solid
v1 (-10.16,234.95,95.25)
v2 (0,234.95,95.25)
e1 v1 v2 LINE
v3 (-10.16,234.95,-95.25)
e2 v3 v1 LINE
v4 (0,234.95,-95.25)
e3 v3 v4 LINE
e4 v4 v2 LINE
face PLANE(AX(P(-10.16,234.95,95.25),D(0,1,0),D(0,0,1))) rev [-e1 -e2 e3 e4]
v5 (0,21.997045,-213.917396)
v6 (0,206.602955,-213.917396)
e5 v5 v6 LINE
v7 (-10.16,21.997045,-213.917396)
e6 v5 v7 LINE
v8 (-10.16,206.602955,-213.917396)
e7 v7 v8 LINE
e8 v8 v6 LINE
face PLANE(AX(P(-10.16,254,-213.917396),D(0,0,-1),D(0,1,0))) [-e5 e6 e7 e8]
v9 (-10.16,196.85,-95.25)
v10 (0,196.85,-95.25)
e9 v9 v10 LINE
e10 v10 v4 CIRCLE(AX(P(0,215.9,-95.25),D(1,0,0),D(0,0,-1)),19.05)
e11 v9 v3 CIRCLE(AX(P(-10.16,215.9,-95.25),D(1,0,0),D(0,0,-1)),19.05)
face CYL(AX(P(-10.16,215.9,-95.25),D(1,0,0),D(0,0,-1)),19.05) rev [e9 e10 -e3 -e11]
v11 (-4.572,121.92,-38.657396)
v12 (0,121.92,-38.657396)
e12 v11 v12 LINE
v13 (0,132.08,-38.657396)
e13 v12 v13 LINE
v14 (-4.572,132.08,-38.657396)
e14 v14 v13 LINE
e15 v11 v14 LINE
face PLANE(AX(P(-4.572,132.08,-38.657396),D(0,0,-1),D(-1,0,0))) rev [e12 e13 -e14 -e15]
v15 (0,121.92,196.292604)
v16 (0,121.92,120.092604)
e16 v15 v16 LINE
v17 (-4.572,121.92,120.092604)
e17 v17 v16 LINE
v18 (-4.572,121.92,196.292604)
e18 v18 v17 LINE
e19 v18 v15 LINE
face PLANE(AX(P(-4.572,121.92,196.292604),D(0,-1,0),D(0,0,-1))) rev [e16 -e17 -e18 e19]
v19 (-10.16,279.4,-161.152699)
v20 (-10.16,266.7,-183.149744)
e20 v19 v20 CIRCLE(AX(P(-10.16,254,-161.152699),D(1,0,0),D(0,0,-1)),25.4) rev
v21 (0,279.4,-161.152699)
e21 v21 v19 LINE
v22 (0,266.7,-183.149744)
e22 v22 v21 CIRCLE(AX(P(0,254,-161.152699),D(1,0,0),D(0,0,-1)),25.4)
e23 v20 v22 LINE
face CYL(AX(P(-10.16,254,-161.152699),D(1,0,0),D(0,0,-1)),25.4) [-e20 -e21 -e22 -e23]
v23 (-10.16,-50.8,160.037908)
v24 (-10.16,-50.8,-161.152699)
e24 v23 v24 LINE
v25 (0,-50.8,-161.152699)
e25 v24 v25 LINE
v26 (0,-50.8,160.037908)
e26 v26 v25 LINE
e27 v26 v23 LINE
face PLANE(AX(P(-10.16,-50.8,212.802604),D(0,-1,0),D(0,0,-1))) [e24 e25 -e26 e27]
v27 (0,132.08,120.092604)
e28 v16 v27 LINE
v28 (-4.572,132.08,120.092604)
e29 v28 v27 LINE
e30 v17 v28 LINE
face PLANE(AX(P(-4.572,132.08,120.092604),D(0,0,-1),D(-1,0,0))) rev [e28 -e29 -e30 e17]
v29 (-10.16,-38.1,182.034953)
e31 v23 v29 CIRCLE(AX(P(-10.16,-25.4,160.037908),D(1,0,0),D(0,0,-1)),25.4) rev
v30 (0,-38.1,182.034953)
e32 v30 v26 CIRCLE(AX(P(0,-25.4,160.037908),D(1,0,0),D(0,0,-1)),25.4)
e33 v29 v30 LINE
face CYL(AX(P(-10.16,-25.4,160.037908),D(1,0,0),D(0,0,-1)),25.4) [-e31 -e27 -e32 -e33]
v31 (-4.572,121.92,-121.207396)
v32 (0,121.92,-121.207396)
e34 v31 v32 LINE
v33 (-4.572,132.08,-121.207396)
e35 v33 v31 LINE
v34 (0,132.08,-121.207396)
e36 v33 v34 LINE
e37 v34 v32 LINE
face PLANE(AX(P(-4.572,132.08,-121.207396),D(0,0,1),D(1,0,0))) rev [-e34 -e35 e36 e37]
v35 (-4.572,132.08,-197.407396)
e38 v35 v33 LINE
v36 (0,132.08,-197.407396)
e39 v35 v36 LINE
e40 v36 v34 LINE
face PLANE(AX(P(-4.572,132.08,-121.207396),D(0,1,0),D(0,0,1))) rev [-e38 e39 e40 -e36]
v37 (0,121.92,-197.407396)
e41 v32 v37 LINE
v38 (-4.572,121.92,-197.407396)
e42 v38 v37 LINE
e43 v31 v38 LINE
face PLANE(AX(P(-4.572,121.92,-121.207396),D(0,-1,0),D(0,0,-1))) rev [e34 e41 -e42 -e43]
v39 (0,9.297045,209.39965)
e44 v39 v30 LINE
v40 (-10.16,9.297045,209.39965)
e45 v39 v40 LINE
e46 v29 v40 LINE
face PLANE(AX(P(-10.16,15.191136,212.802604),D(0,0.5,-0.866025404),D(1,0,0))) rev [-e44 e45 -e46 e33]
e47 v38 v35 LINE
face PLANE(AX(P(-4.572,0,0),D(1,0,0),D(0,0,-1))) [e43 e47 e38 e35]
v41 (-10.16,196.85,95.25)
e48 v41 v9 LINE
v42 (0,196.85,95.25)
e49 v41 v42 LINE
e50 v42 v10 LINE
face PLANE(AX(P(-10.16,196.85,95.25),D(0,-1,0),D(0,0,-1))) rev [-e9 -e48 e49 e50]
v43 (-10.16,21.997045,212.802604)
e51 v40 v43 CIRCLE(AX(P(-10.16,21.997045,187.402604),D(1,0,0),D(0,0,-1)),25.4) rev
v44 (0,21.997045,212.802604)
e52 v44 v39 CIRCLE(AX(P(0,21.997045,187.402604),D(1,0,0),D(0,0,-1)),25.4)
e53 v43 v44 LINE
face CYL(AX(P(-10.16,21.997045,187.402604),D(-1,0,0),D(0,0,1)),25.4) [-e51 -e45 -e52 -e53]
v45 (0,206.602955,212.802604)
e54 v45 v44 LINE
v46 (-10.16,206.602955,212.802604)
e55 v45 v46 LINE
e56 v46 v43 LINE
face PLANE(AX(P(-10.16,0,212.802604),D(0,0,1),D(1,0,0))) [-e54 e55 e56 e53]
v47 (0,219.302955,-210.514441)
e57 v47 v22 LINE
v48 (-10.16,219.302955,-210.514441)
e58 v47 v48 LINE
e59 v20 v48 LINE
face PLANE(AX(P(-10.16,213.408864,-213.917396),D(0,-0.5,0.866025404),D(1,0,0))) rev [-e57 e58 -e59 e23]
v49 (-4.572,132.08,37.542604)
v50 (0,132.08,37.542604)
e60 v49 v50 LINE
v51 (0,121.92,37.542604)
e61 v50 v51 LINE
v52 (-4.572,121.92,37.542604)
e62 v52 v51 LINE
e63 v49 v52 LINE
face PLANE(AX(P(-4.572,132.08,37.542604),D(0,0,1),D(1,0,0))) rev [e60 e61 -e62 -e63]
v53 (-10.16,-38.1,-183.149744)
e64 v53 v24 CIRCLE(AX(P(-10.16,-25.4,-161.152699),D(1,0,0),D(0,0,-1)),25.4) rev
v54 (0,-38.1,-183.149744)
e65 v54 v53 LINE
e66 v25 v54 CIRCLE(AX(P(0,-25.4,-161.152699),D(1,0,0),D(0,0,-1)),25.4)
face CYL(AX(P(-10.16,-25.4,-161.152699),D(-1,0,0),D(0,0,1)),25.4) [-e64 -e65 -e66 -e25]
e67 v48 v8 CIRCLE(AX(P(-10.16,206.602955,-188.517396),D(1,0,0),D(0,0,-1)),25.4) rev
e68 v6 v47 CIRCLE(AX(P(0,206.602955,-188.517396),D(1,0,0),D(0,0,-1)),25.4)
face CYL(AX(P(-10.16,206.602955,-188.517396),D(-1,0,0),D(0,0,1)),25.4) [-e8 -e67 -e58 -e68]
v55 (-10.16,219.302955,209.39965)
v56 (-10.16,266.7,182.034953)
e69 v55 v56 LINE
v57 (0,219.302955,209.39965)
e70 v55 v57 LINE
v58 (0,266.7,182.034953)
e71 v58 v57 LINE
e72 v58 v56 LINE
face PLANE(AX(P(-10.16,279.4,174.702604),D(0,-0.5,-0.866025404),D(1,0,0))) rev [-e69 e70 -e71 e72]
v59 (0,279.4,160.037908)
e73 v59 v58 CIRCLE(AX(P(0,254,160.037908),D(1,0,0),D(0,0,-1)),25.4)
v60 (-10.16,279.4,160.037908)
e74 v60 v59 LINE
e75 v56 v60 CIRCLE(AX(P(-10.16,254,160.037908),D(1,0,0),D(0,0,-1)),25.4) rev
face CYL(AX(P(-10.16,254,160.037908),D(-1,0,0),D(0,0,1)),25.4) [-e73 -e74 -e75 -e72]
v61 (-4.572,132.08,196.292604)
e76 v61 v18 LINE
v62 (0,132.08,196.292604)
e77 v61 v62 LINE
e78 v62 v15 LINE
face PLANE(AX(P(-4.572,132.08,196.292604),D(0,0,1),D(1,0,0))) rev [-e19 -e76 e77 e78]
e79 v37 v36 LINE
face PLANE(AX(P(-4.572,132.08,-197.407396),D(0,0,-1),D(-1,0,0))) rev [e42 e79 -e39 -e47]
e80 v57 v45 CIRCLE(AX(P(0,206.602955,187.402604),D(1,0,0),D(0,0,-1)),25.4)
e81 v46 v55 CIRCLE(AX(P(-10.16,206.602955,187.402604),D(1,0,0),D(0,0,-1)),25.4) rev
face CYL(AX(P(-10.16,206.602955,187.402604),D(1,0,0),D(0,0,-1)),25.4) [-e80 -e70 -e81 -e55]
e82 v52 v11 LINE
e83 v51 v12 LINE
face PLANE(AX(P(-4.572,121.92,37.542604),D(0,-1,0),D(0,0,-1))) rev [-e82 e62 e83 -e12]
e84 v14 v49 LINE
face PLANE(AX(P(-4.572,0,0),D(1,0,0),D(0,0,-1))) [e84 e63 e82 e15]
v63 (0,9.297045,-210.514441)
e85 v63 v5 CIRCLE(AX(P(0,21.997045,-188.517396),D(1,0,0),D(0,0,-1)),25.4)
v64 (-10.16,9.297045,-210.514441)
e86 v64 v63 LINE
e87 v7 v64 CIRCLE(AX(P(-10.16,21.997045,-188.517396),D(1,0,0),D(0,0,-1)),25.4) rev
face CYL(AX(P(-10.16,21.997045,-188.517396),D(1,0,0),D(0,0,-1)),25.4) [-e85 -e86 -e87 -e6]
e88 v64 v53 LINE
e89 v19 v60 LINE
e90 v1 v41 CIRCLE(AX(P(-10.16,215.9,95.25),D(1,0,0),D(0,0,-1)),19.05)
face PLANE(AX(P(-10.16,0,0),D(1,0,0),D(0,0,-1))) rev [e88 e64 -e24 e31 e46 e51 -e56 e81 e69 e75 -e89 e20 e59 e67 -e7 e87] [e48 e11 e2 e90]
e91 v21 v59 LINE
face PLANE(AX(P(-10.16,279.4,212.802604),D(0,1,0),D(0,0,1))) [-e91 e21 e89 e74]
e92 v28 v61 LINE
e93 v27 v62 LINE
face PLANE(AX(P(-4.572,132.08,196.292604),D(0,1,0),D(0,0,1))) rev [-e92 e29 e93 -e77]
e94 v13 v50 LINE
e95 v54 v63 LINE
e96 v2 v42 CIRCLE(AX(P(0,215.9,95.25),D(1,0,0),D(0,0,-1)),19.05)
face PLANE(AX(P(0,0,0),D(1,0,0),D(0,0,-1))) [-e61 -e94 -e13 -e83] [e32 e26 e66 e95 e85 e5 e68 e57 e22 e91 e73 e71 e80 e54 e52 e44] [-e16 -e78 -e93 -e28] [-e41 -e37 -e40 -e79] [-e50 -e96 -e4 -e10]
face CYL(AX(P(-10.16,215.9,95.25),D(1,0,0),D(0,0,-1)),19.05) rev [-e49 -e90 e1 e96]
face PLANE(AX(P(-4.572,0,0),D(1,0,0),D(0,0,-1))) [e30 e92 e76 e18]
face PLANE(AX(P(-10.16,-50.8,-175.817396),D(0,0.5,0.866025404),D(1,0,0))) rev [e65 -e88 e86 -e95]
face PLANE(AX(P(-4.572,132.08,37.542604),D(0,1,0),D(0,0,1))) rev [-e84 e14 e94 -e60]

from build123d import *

# Parameters (mm, degrees)
BOSS_EXTRUDE1_DEPTH   = 10.16
SKETCH2_W             = 76.2
SKETCH2_H             = 10.16
CUT_EXTRUDE1_DEPTH    = 4.572
CHAMFER1_SIZE         = 38.1
CHAMFER1_SIZE2        = 65.991135768
CHAMFER1_PART_2_SIZE  = 38.1
CHAMFER1_PART_2_SIZE2 = 65.991135768
FILLET1_R             = 25.4


with BuildPart() as part:
    # Sketch1 → Boss-Extrude1 (new body)
    with BuildSketch(Plane(origin=(0, 0, 0), x_dir=(0, 0, -1), z_dir=(1, 0, 0))):
        Polygon((-212.802604436, 0), (-212.802604436, 254), (-212.802604436, 279.4), (213.917395564, 279.4), (213.917395564, 254), (213.917395564, 0), (213.917395564, -50.8), (-212.802604436, -50.8), align=None)
        with BuildLine():
            Line((-95.25, 234.95), (95.25, 234.95))
            ThreePointArc((95.25, 234.95), (114.3, 215.9), (95.25, 196.85))
            Line((95.25, 196.85), (-95.25, 196.85))
            ThreePointArc((-95.25, 196.85), (-114.3, 215.9), (-95.25, 234.95))
        make_face(mode=Mode.SUBTRACT)
    extrude(amount=-BOSS_EXTRUDE1_DEPTH)

    # Sketch2 → Cut-Extrude1 (cut)
    with BuildSketch(Plane(origin=(0, 0, 0), x_dir=(0, 0, -1), z_dir=(1, 0, 0))):
        with Locations((-158.192604436, 127)):
            Rectangle(SKETCH2_W, SKETCH2_H)
        with Locations((0.557395564, 127)):
            Rectangle(SKETCH2_W, SKETCH2_H)
        with Locations((159.307395564, 127)):
            Rectangle(SKETCH2_W, SKETCH2_H)
    extrude(amount=-CUT_EXTRUDE1_DEPTH, mode=Mode.SUBTRACT)

    # Chamfer1
    chamfer1_edges = [part.edges().sort_by_distance(p)[0] for p in [
        (-5.08, 279.4, 212.802604436),
        (-5.08, 279.4, -213.917395564),
    ]]
    chamfer1_side = [part.faces().sort_by_distance(p)[0] for p in [
        (-5.08, 279.4, -0.557395564),
    ]]
    chamfer(chamfer1_edges, length=CHAMFER1_SIZE, length2=CHAMFER1_SIZE2, reference=chamfer1_side[0])

    # Chamfer1 part 2
    chamfer1_part_2_edges = [part.edges().sort_by_distance(p)[0] for p in [
        (-5.08, -50.8, -213.917395564),
        (-5.08, -50.8, 212.802604436),
    ]]
    chamfer1_part_2_side = [part.faces().sort_by_distance(p)[0] for p in [
        (-5.08, -50.8, -0.557395564),
    ]]
    chamfer(chamfer1_part_2_edges, length=CHAMFER1_PART_2_SIZE, length2=CHAMFER1_PART_2_SIZE2, reference=chamfer1_part_2_side[0])

    # Fillet1
    fillet1_edges = [part.edges().sort_by_distance(p)[0] for p in [
        (-5.08, -50.8, 174.702604436),
        (-5.08, -50.8, -175.817395564),
        (-5.08, 213.408864232, -213.917395564),
        (-5.08, 15.191135768, -213.917395564),
        (-5.08, 279.4, -175.817395564),
        (-5.08, 279.4, 174.702604436),
        (-5.08, 15.191135768, 212.802604436),
        (-5.08, 213.408864232, 212.802604436),
    ]]
    fillet(fillet1_edges, radius=FILLET1_R)


solid = part.part
